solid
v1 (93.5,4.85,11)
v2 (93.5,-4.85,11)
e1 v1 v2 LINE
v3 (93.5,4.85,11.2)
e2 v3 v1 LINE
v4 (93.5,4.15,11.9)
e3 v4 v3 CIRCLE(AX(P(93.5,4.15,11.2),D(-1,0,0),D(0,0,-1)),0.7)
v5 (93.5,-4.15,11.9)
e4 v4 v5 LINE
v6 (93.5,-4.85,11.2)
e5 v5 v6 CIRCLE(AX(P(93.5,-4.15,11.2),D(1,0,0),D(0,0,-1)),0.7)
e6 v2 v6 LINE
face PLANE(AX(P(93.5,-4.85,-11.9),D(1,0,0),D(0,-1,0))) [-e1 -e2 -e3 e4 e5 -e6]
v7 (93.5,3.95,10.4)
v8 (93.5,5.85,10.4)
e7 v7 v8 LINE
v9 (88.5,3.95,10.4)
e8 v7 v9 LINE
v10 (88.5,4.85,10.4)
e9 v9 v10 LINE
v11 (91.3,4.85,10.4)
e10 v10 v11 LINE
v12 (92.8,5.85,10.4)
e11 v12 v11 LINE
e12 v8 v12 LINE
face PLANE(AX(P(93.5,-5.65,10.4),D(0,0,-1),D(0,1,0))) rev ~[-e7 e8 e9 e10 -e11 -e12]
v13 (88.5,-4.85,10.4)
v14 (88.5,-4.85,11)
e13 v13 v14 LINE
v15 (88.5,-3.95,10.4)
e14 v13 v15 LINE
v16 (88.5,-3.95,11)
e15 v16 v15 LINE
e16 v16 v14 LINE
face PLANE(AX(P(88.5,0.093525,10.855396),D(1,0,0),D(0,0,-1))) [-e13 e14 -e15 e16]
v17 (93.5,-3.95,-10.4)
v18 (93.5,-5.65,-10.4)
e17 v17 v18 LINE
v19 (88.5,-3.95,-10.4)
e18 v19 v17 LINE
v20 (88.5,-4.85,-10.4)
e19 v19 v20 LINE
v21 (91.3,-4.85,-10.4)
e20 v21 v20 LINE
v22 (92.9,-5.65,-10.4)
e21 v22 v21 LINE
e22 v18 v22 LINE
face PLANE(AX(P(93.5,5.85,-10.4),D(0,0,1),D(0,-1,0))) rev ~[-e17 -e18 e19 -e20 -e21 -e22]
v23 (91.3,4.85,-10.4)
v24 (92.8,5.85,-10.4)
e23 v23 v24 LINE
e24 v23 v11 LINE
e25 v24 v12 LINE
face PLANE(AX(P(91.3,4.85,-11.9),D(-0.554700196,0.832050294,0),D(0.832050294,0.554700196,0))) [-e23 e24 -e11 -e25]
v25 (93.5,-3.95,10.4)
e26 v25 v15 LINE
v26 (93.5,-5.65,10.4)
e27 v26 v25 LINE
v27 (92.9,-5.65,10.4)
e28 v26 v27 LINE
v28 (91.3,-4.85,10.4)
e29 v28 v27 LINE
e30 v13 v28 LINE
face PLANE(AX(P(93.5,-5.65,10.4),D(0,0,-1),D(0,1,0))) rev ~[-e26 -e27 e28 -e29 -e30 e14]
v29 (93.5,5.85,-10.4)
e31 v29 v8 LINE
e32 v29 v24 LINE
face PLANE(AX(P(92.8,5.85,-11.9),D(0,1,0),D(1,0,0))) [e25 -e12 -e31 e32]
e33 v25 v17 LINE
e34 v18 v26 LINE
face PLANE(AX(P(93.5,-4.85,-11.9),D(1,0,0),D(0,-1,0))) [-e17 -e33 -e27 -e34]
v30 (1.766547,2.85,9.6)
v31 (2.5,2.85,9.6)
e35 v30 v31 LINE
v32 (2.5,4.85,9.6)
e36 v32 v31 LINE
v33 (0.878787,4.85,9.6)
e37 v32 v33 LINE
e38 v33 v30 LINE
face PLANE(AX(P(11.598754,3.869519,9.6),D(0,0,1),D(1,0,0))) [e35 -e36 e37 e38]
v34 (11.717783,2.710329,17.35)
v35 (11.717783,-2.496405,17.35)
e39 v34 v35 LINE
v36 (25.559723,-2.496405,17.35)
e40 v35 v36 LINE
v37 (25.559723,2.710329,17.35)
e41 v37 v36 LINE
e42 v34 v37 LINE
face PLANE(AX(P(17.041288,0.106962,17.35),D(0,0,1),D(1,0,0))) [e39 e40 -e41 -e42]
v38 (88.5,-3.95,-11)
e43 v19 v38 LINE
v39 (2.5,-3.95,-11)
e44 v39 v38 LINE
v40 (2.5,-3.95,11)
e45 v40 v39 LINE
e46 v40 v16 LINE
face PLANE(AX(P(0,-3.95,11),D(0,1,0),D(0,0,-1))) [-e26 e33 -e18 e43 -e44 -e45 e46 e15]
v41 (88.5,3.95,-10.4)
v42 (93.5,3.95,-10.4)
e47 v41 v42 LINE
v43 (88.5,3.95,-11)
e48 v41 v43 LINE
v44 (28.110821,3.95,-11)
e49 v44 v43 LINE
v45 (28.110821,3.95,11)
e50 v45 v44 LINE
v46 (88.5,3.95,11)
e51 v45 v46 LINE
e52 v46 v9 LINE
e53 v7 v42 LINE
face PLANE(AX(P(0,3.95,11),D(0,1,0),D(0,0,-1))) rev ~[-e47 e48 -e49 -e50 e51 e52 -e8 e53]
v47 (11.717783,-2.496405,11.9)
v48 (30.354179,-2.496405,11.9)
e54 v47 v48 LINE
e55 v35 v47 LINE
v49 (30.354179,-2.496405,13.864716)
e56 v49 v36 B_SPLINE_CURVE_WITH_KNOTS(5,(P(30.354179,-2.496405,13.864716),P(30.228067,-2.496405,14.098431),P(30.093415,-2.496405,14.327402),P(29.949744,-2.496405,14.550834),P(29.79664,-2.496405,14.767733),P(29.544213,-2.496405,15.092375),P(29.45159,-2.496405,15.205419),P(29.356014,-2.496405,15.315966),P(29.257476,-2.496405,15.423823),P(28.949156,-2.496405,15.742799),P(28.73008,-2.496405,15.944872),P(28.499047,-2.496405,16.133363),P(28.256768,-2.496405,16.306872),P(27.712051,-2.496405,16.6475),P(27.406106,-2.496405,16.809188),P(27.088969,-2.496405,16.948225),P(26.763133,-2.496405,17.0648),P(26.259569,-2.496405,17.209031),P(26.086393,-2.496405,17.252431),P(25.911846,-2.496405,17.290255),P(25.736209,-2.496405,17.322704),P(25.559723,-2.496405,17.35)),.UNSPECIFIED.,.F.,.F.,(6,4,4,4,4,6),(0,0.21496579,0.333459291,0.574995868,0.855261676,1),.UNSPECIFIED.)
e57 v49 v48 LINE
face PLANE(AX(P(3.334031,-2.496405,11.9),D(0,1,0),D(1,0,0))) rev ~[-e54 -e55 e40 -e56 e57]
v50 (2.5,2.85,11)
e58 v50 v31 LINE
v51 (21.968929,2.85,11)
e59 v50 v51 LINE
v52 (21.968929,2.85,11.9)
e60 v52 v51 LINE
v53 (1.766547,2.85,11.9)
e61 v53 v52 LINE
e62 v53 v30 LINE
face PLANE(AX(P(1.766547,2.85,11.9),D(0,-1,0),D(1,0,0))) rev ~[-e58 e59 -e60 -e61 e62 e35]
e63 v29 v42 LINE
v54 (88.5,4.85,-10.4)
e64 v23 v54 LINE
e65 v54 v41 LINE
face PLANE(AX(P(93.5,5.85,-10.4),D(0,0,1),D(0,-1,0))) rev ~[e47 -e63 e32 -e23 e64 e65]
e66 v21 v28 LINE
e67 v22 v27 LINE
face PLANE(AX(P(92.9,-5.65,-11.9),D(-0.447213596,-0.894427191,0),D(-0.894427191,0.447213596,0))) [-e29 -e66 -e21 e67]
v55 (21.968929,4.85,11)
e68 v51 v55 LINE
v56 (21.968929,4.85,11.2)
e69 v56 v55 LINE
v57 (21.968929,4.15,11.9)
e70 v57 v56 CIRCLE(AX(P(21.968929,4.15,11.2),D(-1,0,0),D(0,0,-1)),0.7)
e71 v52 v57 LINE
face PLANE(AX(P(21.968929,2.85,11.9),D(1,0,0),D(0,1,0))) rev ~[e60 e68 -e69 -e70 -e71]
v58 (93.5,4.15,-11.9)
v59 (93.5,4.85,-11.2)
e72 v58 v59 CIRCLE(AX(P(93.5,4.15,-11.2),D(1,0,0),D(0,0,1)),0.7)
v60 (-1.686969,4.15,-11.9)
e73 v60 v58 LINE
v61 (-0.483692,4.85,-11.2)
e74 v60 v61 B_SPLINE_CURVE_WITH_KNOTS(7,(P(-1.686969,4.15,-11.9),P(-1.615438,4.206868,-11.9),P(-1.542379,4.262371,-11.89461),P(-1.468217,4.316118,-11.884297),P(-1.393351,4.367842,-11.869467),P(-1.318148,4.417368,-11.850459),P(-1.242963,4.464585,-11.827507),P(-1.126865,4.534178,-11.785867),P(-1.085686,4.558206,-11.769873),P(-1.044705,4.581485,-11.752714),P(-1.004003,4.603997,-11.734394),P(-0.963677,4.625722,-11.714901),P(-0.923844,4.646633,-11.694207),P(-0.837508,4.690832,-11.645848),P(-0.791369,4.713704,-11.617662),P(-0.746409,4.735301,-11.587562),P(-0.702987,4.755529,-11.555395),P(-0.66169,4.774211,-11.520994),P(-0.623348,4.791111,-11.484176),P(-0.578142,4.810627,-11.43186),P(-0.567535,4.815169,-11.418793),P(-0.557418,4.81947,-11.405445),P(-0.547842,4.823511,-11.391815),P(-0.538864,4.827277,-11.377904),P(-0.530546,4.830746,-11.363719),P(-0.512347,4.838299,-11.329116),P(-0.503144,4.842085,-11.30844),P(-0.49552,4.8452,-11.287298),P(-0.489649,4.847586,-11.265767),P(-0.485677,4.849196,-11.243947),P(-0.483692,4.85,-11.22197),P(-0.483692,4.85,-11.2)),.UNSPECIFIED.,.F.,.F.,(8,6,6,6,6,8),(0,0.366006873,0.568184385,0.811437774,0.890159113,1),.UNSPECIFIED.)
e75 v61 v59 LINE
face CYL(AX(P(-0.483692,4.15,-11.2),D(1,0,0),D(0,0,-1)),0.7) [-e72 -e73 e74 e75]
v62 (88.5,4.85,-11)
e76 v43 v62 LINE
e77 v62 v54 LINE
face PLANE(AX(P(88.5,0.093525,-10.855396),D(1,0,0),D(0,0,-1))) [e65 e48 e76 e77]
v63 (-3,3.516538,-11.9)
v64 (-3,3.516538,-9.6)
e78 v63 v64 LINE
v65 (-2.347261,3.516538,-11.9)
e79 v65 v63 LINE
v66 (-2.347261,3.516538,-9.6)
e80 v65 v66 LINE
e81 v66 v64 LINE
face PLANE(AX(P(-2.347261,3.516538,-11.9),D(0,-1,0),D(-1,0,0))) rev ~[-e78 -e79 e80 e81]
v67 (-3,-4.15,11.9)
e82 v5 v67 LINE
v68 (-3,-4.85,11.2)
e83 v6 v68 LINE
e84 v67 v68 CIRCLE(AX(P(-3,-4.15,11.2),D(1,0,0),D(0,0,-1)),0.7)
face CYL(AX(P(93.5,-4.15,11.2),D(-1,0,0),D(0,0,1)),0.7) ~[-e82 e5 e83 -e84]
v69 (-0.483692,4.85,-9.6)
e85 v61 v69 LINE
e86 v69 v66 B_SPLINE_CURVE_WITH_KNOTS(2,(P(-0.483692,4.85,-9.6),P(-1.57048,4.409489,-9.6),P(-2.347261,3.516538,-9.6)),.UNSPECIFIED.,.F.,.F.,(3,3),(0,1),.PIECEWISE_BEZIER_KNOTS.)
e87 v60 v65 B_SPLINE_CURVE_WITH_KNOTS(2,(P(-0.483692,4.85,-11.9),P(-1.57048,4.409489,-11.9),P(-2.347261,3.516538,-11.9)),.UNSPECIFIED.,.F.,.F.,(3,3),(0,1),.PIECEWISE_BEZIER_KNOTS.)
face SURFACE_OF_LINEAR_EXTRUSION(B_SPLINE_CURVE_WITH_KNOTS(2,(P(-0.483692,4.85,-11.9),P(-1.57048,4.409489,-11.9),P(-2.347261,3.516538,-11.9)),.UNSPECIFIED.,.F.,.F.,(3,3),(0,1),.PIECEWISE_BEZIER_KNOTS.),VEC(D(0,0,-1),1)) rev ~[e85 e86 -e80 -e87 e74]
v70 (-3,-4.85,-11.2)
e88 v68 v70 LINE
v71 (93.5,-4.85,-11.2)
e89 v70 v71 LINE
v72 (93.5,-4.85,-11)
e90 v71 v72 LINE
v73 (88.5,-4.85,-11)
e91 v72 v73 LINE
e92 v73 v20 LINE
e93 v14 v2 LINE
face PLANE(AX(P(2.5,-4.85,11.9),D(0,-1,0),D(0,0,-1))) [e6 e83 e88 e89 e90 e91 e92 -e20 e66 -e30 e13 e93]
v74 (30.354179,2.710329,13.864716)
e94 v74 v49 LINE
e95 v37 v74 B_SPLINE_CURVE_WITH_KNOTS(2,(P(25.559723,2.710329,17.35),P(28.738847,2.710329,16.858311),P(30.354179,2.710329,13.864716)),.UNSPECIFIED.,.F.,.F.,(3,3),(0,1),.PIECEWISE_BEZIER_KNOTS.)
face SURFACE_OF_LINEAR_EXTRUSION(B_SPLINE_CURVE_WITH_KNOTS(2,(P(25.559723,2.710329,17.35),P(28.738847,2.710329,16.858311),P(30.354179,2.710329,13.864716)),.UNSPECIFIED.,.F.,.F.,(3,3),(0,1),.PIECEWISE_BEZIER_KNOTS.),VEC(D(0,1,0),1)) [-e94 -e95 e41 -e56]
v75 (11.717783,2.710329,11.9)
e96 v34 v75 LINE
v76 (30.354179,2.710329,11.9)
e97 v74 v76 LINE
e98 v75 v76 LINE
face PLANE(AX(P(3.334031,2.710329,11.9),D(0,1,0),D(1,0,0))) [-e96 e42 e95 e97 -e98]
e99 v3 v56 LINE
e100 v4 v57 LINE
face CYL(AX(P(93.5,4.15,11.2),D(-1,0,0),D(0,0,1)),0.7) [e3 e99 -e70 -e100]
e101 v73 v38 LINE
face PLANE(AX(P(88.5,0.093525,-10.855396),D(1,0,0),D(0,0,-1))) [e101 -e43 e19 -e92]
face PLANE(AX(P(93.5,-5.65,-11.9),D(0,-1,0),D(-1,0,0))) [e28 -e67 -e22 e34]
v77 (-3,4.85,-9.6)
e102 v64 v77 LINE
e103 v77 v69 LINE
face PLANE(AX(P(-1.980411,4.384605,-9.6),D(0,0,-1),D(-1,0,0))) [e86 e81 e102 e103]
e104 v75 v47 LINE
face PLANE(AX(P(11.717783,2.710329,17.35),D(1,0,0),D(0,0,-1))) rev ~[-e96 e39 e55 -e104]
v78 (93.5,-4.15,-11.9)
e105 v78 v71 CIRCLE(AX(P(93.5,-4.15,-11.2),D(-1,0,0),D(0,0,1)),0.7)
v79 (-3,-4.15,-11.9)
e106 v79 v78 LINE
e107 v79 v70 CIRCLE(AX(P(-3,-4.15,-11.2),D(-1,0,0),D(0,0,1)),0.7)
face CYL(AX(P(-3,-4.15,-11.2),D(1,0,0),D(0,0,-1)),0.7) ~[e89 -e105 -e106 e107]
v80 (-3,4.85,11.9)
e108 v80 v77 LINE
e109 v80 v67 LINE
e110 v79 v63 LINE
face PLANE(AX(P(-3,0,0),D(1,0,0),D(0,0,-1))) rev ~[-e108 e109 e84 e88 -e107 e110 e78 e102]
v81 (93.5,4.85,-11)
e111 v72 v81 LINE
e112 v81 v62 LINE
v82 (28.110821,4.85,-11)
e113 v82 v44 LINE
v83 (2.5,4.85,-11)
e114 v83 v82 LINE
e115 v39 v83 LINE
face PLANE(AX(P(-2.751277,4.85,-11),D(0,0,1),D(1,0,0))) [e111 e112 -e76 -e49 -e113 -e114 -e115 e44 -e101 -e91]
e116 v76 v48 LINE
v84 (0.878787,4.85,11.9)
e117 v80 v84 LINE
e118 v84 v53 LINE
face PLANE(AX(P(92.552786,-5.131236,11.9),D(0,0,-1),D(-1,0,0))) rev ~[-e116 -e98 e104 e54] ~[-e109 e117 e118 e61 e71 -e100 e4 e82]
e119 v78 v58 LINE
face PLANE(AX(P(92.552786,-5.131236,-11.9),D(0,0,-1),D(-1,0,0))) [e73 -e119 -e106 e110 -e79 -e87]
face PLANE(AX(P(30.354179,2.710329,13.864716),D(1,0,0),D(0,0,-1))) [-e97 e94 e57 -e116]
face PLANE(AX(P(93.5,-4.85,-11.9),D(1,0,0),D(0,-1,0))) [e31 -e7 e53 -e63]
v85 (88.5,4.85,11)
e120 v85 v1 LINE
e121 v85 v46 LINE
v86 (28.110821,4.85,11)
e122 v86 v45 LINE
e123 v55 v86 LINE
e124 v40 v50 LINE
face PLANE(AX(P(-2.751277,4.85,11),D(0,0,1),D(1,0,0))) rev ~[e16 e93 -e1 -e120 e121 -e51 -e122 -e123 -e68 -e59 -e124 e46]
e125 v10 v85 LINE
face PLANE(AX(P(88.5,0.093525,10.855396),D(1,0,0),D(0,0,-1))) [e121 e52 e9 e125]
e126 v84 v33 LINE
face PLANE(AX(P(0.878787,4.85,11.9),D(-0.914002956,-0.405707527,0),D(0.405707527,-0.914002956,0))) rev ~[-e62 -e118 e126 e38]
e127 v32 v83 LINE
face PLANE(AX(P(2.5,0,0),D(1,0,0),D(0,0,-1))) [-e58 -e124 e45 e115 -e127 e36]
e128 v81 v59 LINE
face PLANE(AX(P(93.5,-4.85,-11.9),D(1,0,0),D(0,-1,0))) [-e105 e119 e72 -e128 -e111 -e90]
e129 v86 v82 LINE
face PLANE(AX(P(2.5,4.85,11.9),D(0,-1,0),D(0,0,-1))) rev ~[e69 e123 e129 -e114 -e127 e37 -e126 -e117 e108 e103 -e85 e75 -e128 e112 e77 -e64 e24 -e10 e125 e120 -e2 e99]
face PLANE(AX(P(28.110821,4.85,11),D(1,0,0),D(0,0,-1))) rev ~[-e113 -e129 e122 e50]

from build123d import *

# Parameters (mm, degrees)
SKETCH_1_W           = 23.8
SKETCH_1_H           = 9.7
SKETCH_1_W_2         = 22
SKETCH_1_H_2         = 7.9
EXTRUDE_1_DEPTH      = 93.5
SKETCH_5_W           = 30.862098313
SKETCH_5_H           = 22
CUT_EXTRUDE_1_DEPTH  = 5
EXTRUDE_3_DEPTH      = 3
EXTRUDE_3_DEPTH_BACK = 2.5
CUT_EXTRUDE_2_DEPTH  = 2.3
CUT_EXTRUDE_3_DEPTH  = 2.3
SKETCH_10_W          = 27.414514358
SKETCH_10_H          = 5.206733811
EXTRUDE_4_DEPTH      = 5.45
EXTRUDE_5_DEPTH      = 23.8
CUT_EXTRUDE_4_DEPTH  = 10
CUT_EXTRUDE_5_DEPTH  = 5
FILLET_2_R           = 0.7


with BuildPart() as part:
    # 草图1 → 凸台-拉伸1 (new body)
    with BuildSketch(Plane(origin=(0, 0, 0), x_dir=(0, 0, -1), z_dir=(1, 0, 0))):
        Rectangle(SKETCH_1_W, SKETCH_1_H)
        Rectangle(SKETCH_1_W_2, SKETCH_1_H_2, mode=Mode.SUBTRACT)
    extrude(amount=EXTRUDE_1_DEPTH)

    # 草图5 → 切除-拉伸1 (cut)
    with BuildSketch(Plane(origin=(0, 4.85, 0), x_dir=(1, 0, 0), z_dir=(0, 1, 0))):
        with Locations((12.679771903, 0)):
            Rectangle(SKETCH_5_W, SKETCH_5_H)
    extrude(amount=-CUT_EXTRUDE_1_DEPTH, mode=Mode.SUBTRACT)

    # 草图7 → 凸台-拉伸3 (add, two sides: drawn at the far end of the back side and taken through both)
    with BuildSketch(Plane.ZY.offset(-EXTRUDE_3_DEPTH_BACK)):
        Polygon((-11, 4.85), (11, 4.85), (11.9, 4.85), (11.9, -4.85), (-11.9, -4.85), (-11.9, 4.85), align=None)
    extrude(amount=EXTRUDE_3_DEPTH + EXTRUDE_3_DEPTH_BACK)

    # 草图8 → 切除-拉伸2 (cut)
    with BuildSketch(Plane.XY.offset(11.9)):
        Polygon((0.878787233, 4.85), (1.766547003, 2.85), (21.968929262, 2.85), (21.968929262, 4.85), align=None)
    extrude(amount=-CUT_EXTRUDE_2_DEPTH, mode=Mode.SUBTRACT)

    # 草图9 → 切除-拉伸3 (cut)
    with BuildSketch(Plane(origin=(0, 0, -11.9), x_dir=(-1, 0, 0), z_dir=(0, 0, -1))):
        with BuildLine():
            Line((2.347261018, 3.516538115), (3, 3.516538115))
            Line((3, 3.516538115), (3, 4.85))
            Line((3, 4.85), (0.483692493, 4.85))
            add(Edge.make_bspline(
                [(0.483692493, 4.85), (1.57048018, 4.409488755), (2.347261018, 3.516538115)],
                knots=[0, 0, 0, 1, 1, 1], degree=2))
        make_face()
    extrude(amount=-CUT_EXTRUDE_3_DEPTH, mode=Mode.SUBTRACT)

    # 草图10 → 凸台-拉伸4 (add)
    with BuildSketch(Plane.XY.offset(11.9)):
        with Locations((17.041287755, 0.106962124)):
            Rectangle(SKETCH_10_W, SKETCH_10_H)
    extrude(amount=EXTRUDE_4_DEPTH)

    # 草图11 → 凸台-拉伸5 (add)
    with BuildSketch(Plane(origin=(0, 0, -11.9), x_dir=(-1, 0, 0), z_dir=(0, 0, -1))):
        Polygon((-93.5, -4.85), (-93.5, -5.65), (-92.9, -5.65), (-91.3, -4.85), align=None)
        Polygon((-91.3, 4.85), (-92.8, 5.85), (-93.5, 5.85), (-93.5, 4.85), align=None)
    extrude(amount=-EXTRUDE_5_DEPTH)

    # 草图12 → 切除-拉伸4 (cut)
    with BuildSketch(Plane(origin=(0, 2.71032903, 0), x_dir=(1, 0, 0), z_dir=(0, 1, 0))):
        with BuildLine():
            Line((30.354179143, -13.864715533), (30.354179143, -11.9))
            Line((30.354179143, -11.9), (31.029316872, -11.9))
            Line((31.029316872, -11.9), (31.273931991, -17.729634416))
            Line((31.273931991, -17.729634416), (25.559722807, -17.35))
            add(Edge.make_bspline(
                [(25.559722807, -17.35), (28.738846795, -16.858311071), (30.354179143, -13.864715533)],
                knots=[0, 0, 0, 1, 1, 1], degree=2))
        make_face()
        Polygon((11.717782686, -17.35), (11.717782686, -11.9), (1.430390108, -11.9), (1.430390108, -18.181001755), align=None)
    extrude(amount=-CUT_EXTRUDE_4_DEPTH, mode=Mode.SUBTRACT)

    # 草图14 → 切除-拉伸5 (cut)
    with BuildSketch(Plane(origin=(93.5, 0, 0), x_dir=(0, 0, -1), z_dir=(1, 0, 0))):
        Polygon((-11, 5.85), (-11.9, 5.85), (-11.9, 4.85), (-11, 4.85), (-11, -4.85), (-11.9, -4.85), (-11.9, -5.65), (-11, -5.65), (-10.4, -5.65), (-10.4, 5.85), align=None)
        Polygon((11.9, 5.85), (11, 5.85), (10.4, 5.85), (10.4, -5.65), (11, -5.65), (11.9, -5.65), (11.9, -4.85), (11, -4.85), (11, 4.85), (11.9, 4.85), align=None)
    extrude(amount=-CUT_EXTRUDE_5_DEPTH, mode=Mode.SUBTRACT)

    # 圆角2
    fillet_2_edges = [part.edges().sort_by_distance(p)[0] for p in [
        (46.508153753, 4.85, -11.9),
        (45.25, -4.85, -11.9),
        (45.25, -4.85, 11.9),
        (57.734464631, 4.85, 11.9),
    ]]
    fillet(fillet_2_edges, radius=FILLET_2_R)


solid = part.part
